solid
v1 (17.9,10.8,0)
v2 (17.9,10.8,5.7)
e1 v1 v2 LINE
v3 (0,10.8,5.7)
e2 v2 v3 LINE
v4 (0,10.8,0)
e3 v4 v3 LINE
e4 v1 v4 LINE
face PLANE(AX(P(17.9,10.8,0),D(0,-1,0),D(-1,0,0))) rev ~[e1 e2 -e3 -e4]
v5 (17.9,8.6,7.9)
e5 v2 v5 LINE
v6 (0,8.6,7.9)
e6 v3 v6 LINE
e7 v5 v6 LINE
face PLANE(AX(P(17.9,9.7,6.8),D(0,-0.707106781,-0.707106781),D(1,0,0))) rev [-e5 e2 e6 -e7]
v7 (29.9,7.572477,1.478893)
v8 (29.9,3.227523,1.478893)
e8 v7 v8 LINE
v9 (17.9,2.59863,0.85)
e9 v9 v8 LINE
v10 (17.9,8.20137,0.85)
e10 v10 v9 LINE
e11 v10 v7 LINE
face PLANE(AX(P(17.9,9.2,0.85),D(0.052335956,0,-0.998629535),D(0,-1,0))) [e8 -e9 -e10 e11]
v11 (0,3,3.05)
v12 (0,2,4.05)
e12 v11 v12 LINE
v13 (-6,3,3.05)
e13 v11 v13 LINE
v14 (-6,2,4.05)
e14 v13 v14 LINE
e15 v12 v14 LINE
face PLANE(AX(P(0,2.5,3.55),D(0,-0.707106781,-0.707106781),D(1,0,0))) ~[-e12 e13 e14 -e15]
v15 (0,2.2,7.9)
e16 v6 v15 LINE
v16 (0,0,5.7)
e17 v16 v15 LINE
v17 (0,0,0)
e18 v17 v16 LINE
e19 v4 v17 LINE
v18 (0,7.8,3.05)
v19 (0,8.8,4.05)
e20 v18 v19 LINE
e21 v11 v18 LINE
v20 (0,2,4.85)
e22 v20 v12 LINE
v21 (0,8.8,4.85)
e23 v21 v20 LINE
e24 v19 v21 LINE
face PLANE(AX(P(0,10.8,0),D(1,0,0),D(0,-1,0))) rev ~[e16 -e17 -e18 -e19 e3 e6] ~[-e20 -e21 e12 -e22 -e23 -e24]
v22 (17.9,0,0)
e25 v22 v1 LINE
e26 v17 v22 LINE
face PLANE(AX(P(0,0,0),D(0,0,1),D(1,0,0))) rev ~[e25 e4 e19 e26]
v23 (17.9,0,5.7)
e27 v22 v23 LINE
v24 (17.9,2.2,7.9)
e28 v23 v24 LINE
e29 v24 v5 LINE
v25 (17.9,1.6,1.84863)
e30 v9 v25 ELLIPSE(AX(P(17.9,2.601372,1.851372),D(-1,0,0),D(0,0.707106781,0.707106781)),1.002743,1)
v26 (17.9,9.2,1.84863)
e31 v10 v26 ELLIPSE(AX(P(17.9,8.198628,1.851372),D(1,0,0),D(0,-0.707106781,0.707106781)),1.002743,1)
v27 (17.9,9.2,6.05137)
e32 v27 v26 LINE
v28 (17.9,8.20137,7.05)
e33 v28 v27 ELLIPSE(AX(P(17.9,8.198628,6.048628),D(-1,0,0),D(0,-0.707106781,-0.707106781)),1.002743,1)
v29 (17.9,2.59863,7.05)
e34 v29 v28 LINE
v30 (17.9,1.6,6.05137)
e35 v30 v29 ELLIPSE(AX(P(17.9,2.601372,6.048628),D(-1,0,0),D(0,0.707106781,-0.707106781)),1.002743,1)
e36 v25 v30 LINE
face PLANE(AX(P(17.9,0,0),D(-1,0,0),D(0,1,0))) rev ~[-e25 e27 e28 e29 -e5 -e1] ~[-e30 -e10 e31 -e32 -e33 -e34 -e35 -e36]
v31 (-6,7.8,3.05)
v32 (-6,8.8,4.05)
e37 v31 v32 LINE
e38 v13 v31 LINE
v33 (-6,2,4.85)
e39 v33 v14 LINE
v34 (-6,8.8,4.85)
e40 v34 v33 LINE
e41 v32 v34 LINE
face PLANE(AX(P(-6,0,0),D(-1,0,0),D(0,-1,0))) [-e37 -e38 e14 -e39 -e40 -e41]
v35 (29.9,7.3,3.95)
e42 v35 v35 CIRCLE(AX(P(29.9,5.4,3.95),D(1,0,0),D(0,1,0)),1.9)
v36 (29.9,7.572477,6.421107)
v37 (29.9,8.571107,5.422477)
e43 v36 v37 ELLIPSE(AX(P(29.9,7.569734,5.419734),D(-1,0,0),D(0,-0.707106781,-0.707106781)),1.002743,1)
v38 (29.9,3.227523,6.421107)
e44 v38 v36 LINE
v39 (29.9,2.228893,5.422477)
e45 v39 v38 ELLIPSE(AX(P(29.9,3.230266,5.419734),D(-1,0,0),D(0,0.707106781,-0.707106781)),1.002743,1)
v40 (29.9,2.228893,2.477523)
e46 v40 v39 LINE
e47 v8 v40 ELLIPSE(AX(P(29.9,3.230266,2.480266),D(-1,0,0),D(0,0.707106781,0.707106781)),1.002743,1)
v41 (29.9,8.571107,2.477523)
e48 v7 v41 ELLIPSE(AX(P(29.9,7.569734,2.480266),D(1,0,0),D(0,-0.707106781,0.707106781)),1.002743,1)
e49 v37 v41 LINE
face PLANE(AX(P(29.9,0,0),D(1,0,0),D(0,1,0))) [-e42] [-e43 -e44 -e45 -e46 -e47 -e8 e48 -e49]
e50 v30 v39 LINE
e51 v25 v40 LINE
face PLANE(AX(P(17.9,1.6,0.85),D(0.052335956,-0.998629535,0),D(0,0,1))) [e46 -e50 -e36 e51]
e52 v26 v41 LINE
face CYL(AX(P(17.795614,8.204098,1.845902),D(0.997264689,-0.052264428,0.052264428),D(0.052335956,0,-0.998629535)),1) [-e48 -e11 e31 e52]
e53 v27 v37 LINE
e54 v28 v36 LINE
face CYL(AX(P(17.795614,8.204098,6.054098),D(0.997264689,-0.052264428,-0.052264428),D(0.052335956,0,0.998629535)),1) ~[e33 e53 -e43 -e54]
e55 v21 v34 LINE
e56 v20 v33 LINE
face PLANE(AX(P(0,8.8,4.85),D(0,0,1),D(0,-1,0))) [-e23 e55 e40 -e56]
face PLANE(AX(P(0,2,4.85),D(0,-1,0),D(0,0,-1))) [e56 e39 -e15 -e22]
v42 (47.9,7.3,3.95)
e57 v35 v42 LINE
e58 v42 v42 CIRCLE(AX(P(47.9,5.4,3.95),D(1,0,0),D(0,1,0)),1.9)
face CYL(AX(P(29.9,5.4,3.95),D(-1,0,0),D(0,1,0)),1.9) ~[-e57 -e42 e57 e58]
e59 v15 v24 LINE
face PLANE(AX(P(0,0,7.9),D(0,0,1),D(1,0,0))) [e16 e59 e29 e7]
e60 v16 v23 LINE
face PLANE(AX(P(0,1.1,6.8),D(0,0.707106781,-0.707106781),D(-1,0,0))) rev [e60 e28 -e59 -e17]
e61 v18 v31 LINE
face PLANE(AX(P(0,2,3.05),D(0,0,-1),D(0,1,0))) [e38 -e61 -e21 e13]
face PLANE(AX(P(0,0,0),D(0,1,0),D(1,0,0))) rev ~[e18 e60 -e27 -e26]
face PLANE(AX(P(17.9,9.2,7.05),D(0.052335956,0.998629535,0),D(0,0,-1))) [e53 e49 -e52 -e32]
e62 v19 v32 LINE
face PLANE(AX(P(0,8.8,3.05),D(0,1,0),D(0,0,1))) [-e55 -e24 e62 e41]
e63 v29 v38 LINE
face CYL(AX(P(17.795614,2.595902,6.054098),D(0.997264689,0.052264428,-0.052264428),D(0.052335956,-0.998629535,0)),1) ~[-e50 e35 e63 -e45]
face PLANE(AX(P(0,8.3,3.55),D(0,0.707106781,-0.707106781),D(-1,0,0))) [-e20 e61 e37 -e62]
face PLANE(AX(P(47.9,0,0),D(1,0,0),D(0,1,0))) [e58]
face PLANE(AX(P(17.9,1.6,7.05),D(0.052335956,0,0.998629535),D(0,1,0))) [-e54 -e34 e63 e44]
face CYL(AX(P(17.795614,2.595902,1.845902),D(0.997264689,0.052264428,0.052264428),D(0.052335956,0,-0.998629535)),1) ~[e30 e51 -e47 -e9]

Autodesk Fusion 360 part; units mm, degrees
sketch "Sketch1" plane through (0, 0, 0) normal (0, 0, 1) x (1, 0, 0)
  line L0 (0, 0) -> (17.9, 0)
  line L1 (17.9, 0) -> (17.9, 10.8)
  line L2 (17.9, 10.8) -> (0, 10.8)
  line L3 (0, 10.8) -> (0, 0)
  dimension "d1" = 17.9
  dimension "d2" = 10.8
extrude "Extrude1" add sketch "Sketch1" along normal blind 7.9
chamfer "Chamfer1" distance 2.2 angle 45 2 edges at (8.95, 10.8, 7.9) (8.95, 0, 7.9)
sketch "Sketch2" plane through (0, 0, 0) normal (-1, 0, 0) x (0, -1, 0)
  line L0 (0, 5.7) -> (-2.2, 7.9)
  line L1 (-2.2, 7.9) -> (-8.6, 7.9)
  line L2 (-8.6, 7.9) -> (-10.8, 5.7)
  line L3 (-10.8, 5.7) -> (-10.8, 0)
  line L4 (-10.8, 0) -> (0, 0)
  line L5 (0, 0) -> (0, 5.7)
  line L6 (-5.4, 7.9) -> (-5.4, 0) construction
  line L7 (-5.4, 3.95) -> (0, 3.95) construction
  line L8 (-2, 3.05) -> (-8.8, 3.05)
  line L9 (-8.8, 3.05) -> (-8.8, 4.85)
  line L10 (-8.8, 4.85) -> (-2, 4.85)
  line L11 (-2, 4.85) -> (-2, 3.05)
  line L12 (-2, 3.05) -> (-8.8, 4.85) construction
  line L13 (-8.8, 3.05) -> (-2, 4.85) construction
  point P0 (-5.4, 3.95)
  dimension "d6" = 6.8
  dimension "d7" = 1.8
extrude "Extrude2" add sketch "Sketch2" along normal blind 6 contours L8 L9 L10 L11
chamfer "Chamfer2" distance 1 angle 45 2 edges at (-3, 8.8, 3.05) (-3, 2, 3.05)
sketch "Sketch3" plane through (17.9, 0, 0) normal (1, 0, 0) x (0, 1, 0)
  line L0 (2.2, 7.9) -> (0, 5.7)
  line L1 (0, 5.7) -> (0, 0)
  line L2 (0, 0) -> (10.8, 0)
  line L3 (10.8, 0) -> (10.8, 5.7)
  line L4 (10.8, 5.7) -> (8.6, 7.9)
  line L5 (8.6, 7.9) -> (2.2, 7.9)
  line L6 (5.4, 7.9) -> (5.4, 0) construction
  line L7 (5.4, 3.95) -> (10.8, 3.95) construction
  line L8 (9.2, 0.85) -> (1.6, 0.85)
  line L9 (1.6, 0.85) -> (1.6, 7.05)
  line L10 (1.6, 7.05) -> (9.2, 7.05)
  line L11 (9.2, 7.05) -> (9.2, 0.85)
  line L12 (9.2, 0.85) -> (1.6, 7.05) construction
  line L13 (1.6, 0.85) -> (9.2, 7.05) construction
  point P0 (5.4, 3.95)
  dimension "d11" = 6.2
  dimension "d12" = 7.6
extrude "Extrude3" add sketch "Sketch3" along normal blind 12 draft -3 contours L8 L9 L10 L11
sketch "Sketch4" plane through (29.9, 0, 0) normal (1, 0, 0) x (0, 1, 0)
  line L0 (8.5711, 1.4789) -> (8.5711, 6.4211)
  line L1 (8.5711, 6.4211) -> (2.2289, 6.4211)
  line L2 (2.2289, 6.4211) -> (2.2289, 1.4789)
  line L3 (2.2289, 1.4789) -> (8.5711, 1.4789)
  line L4 (5.4, 6.4211) -> (5.4, 1.4789) construction
  line L5 (2.2289, 3.95) -> (8.5711, 3.95) construction
  circle A0 centre (5.4, 3.95) radius 1.9
  dimension "d15" = 3.8
extrude "Extrude4" add sketch "Sketch4" along normal blind 18 contours A0
fillet "Fillet1" radius 1 4 edges at (23.9, 1.9144, 6.7356) (23.9, 8.8856, 6.7356) (23.9, 1.9144, 1.1644) (23.9, 8.8856, 1.1644)
